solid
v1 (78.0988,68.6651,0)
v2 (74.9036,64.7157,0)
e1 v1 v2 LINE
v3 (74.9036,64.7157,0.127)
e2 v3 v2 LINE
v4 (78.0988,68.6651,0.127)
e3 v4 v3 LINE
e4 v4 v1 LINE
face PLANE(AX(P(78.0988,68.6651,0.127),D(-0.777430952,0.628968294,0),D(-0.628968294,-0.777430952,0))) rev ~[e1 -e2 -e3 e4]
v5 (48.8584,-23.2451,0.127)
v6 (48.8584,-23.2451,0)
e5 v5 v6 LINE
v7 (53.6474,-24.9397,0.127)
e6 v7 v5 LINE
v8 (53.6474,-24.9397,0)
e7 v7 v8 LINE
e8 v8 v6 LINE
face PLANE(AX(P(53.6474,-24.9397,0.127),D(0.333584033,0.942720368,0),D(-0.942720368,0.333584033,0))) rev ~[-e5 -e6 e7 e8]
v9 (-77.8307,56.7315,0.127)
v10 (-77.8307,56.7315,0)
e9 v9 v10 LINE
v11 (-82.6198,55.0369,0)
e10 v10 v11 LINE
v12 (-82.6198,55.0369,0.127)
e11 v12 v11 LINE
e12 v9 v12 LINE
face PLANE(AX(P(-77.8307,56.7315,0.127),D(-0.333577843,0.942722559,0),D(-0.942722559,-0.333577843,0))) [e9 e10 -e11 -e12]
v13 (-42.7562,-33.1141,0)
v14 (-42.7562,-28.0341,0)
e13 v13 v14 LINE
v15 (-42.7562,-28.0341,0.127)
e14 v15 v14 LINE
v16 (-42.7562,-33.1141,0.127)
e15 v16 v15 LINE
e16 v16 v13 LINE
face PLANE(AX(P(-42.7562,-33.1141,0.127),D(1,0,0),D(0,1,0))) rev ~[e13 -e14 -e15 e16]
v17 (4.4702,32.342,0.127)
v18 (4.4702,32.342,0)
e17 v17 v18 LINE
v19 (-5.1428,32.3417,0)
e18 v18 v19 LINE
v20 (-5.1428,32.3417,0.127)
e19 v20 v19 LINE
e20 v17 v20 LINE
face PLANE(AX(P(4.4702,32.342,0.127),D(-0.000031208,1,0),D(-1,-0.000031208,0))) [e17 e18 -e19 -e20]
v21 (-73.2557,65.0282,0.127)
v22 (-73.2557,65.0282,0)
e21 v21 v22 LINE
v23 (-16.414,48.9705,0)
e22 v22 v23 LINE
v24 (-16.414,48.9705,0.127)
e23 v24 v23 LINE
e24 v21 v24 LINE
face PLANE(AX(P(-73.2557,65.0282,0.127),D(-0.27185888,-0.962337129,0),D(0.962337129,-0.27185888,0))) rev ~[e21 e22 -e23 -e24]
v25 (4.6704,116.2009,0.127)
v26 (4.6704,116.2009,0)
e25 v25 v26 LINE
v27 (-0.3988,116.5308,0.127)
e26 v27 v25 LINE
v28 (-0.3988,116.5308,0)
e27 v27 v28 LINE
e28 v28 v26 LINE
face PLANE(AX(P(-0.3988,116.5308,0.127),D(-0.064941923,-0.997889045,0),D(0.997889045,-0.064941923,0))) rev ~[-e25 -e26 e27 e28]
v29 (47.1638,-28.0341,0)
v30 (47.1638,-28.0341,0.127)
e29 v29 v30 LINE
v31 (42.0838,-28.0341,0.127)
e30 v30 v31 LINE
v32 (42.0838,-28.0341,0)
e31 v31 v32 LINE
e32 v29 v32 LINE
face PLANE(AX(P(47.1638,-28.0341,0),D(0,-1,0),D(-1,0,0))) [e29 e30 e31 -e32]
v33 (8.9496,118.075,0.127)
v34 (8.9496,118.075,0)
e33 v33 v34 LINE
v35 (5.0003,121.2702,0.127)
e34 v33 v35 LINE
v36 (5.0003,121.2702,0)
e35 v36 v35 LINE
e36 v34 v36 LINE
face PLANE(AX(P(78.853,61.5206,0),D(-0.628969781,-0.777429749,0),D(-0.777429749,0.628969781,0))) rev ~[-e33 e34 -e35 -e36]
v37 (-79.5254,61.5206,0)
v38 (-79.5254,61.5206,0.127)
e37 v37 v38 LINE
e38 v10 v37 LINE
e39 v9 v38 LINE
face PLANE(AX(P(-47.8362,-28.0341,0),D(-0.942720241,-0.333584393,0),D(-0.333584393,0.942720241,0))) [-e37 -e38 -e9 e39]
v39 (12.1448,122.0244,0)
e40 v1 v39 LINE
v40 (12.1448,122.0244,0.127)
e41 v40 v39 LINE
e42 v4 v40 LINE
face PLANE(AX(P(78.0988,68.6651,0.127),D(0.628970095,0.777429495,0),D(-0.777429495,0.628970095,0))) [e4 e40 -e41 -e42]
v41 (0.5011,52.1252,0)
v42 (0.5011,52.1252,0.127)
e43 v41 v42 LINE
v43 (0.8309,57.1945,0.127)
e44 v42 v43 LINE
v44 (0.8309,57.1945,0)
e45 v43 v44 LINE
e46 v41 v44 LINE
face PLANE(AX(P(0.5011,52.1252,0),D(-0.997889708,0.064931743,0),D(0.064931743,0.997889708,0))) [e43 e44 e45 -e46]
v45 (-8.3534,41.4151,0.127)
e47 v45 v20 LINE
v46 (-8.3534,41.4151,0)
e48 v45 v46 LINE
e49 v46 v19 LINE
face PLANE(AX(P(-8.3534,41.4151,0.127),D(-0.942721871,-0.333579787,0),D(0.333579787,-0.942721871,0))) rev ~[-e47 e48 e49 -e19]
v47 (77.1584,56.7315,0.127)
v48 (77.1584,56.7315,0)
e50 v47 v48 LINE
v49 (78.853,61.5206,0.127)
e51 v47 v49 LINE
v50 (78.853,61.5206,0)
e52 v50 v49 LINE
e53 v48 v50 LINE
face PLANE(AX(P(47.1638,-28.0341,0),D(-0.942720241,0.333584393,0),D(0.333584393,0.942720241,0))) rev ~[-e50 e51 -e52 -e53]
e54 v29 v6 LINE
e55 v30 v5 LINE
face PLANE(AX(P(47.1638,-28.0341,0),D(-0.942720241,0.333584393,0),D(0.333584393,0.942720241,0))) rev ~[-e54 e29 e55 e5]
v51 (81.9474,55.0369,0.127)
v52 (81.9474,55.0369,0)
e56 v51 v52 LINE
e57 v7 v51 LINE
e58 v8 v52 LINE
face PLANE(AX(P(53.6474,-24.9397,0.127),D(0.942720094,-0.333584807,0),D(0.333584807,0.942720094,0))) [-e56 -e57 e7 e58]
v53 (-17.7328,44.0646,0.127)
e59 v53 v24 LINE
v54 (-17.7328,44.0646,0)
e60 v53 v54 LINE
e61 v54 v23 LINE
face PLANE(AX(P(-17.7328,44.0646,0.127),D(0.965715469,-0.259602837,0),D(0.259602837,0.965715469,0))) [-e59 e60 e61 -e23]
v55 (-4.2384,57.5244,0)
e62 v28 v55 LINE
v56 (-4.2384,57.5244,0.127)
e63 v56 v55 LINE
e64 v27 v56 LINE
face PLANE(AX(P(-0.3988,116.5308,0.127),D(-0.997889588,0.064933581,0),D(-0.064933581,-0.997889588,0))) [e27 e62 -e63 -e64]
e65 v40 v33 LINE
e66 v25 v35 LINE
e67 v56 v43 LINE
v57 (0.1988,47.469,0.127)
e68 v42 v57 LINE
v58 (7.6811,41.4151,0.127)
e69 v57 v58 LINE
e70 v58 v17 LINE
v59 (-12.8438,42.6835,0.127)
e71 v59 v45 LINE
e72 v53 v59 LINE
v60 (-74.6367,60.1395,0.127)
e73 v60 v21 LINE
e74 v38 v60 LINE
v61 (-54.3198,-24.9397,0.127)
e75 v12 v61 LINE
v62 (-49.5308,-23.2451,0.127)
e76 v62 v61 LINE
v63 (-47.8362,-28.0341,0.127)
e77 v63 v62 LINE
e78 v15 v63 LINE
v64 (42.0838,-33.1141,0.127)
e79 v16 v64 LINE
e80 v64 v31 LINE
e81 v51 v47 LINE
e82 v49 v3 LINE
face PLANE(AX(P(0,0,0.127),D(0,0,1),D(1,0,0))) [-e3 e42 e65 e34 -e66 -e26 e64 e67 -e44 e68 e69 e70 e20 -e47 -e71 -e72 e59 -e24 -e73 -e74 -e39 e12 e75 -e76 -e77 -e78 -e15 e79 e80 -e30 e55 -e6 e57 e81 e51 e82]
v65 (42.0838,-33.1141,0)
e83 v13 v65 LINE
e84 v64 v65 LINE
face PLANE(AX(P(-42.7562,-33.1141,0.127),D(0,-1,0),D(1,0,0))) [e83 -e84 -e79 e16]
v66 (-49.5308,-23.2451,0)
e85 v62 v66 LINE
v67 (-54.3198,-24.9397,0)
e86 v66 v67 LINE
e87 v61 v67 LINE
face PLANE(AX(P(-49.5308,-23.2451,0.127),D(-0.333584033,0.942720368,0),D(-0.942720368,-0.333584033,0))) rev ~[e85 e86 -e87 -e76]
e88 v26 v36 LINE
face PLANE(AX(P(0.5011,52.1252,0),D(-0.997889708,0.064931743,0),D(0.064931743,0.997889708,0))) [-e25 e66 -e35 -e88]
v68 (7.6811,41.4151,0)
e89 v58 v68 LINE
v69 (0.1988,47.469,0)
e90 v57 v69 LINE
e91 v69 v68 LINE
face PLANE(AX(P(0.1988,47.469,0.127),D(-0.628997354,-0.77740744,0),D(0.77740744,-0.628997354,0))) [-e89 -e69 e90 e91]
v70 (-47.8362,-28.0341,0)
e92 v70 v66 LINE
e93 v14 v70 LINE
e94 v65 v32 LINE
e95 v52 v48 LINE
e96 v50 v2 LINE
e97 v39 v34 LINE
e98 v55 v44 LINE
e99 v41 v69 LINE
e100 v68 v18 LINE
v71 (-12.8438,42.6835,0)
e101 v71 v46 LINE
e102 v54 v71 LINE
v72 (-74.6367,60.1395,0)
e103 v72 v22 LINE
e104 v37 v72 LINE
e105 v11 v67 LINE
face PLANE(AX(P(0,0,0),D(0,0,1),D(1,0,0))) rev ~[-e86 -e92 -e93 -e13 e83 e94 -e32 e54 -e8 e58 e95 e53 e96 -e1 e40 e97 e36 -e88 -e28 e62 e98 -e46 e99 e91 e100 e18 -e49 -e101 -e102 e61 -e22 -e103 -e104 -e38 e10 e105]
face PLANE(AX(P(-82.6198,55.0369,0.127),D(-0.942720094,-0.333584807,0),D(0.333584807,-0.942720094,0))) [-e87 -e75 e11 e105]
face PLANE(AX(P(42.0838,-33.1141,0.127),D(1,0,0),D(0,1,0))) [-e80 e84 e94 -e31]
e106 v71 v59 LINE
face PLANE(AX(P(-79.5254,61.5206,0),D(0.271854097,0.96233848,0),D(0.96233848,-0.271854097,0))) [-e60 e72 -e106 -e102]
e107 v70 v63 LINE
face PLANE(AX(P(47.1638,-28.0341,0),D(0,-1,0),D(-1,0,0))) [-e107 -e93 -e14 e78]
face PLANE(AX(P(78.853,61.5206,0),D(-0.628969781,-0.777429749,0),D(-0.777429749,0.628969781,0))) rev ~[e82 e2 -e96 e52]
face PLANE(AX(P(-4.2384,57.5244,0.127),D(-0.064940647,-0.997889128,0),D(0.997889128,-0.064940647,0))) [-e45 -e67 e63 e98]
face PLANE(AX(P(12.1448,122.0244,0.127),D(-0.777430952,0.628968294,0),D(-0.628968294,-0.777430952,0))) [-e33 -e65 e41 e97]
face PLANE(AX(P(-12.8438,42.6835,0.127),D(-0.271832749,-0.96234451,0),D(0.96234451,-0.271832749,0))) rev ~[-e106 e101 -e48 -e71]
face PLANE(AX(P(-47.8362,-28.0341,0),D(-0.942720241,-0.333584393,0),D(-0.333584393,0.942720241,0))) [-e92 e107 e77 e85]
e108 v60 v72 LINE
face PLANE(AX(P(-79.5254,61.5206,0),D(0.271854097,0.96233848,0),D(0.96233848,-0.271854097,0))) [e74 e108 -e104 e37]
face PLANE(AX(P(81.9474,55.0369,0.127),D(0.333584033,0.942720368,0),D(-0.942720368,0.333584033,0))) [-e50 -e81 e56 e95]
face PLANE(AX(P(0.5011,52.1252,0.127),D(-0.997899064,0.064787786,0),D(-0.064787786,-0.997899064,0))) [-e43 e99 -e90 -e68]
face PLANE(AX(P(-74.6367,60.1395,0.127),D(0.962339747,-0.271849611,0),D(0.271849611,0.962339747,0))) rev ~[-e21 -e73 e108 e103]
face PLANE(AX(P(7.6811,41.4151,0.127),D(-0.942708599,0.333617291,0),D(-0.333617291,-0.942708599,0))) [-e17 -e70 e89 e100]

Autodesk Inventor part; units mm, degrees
ref_plane "YZ Plane" through (0, 0, 0) normal (1, 0, 0) x (0, 1, 0)
ref_plane "XZ Plane" through (0, 0, 0) normal (0, 1, 0) x (-1, 0, 0)
ref_plane "XY Plane" through (0, 0, 0) normal (0, 0, 1) x (1, 0, 0)
sketch "Sketch1" plane through (0, 0, 0) normal (0, 0, 1) x (1, 0, 0)
  line L0 (-7.8362, 28.532) -> (7.1638, 28.532)
  line L1 (47.1638, -28.0341) -> (-47.8362, -28.0341)
  line L2 (7.1638, 28.532) -> (47.1638, -28.0341)
  line L3 (-7.8362, 28.532) -> (-47.8362, -28.0341)
  line L4 (-7.8362, 28.532) -> (-12.8438, 42.6835)
  line L5 (0.5011, 52.1252) -> (12.1714, 42.6835)
  line L6 (12.1714, 42.6835) -> (7.1638, 28.532)
  line L7 (-47.8362, -28.0341) -> (-79.5254, 61.5206)
  line L8 (-79.5254, 61.5206) -> (-12.8438, 42.6835)
  line L9 (47.1638, -28.0341) -> (78.853, 61.5206)
  line L10 (78.853, 61.5206) -> (12.1714, 42.6835)
  line L11 (78.853, 61.5206) -> (5.0003, 121.2702)
  line L12 (0.5011, 52.1252) -> (5.0003, 121.2702)
  point P0 (0, 0)
  point P1 (-0.3362, 28.532)
  point P2 (-0.3362, -28.0341)
  dimension "d0" = 69.28
  dimension "d1" = 95
  dimension "d2" = 15
  dimension "d3" = 56.566
  dimension "d4" = 69.28
  dimension "d16" = 15.0114
  dimension "d17" = 15.0114
  dimension "d18" = 15.0114
  dimension "d19" = 94.996
  dimension "d20" = 69.2912
  dimension "d21" = 94.996
  dimension "d22" = 69.2912
  dimension "d23" = 94.996
  dimension "d24" = 69.2912
extrude "Extrusion2" add sketch "Sketch1" along normal blind 0.127
sketch "Sketch2" plane through (0, 0, 0.127) normal (0, 0, 1) x (1, 0, 0)
  line L0 (47.1638, -28.0341) -> (78.853, 61.5206) projected
  line L1 (53.6474, -24.9397) -> (81.9474, 55.0369)
  line L2 (78.0988, 68.6651) -> (12.1448, 122.0244)
  line L3 (5.0003, 121.2702) -> (0.5011, 52.1252) projected
  line L4 (-0.3988, 116.5308) -> (-4.2384, 57.5244)
  line L5 (-79.5254, 61.5206) -> (-47.8362, -28.0341) projected
  line L6 (-82.6198, 55.0369) -> (-54.3198, -24.9397)
  line L7 (-42.7562, -33.1141) -> (42.0838, -33.1141)
  line L8 (-7.8362, 28.532) -> (-12.8438, 42.6835) projected
  line L9 (-12.8438, 42.6835) -> (-79.5254, 61.5206) projected
  line L10 (78.853, 61.5206) -> (5.0003, 121.2702) projected
  line L11 (-4.2384, 57.5244) -> (0.8309, 57.1945)
  line L12 (-0.3988, 116.5308) -> (4.6704, 116.2009)
  line L13 (12.1448, 122.0244) -> (8.9496, 118.075)
  line L14 (78.0988, 68.6651) -> (74.9036, 64.7157)
  line L15 (78.853, 61.5206) -> (5.0003, 121.2702) projected
  line L16 (81.9474, 55.0369) -> (77.1584, 56.7315)
  line L17 (53.6474, -24.9397) -> (48.8584, -23.2451)
  line L18 (42.0838, -33.1141) -> (42.0838, -28.0341)
  line L19 (-47.8362, -28.0341) -> (47.1638, -28.0341) projected
  line L20 (-42.7562, -33.1141) -> (-42.7562, -28.0341)
  line L21 (-49.5308, -23.2451) -> (-54.3198, -24.9397)
  line L22 (-77.8307, 56.7315) -> (-82.6198, 55.0369)
  line L23 (-12.8438, 42.6835) -> (-79.5254, 61.5206) projected
  line L24 (-74.6367, 60.1395) -> (-73.2557, 65.0282)
  line L25 (-17.7328, 44.0646) -> (-16.414, 48.9705)
  line L26 (-73.2557, 65.0282) -> (-16.414, 48.9705)
  line L27 (-12.8438, 42.6835) -> (-8.3534, 41.4151)
  line L28 (-7.8362, 28.532) -> (-5.1428, 32.3417)
  line L29 (7.1638, 28.532) -> (-7.8362, 28.532) projected
  line L30 (-8.3534, 41.4151) -> (-5.1428, 32.3417)
  line L31 (12.1714, 42.6835) -> (7.1638, 28.532) projected
  line L32 (7.1638, 28.532) -> (4.4702, 32.342)
  line L33 (12.1714, 42.6835) -> (7.6811, 41.4151)
  line L34 (0.5011, 52.1252) -> (0.1988, 47.469)
  line L35 (0.5011, 52.1252) -> (12.1714, 42.6835) projected
  line L36 (0.1988, 47.469) -> (7.6811, 41.4151)
  line L37 (7.6811, 41.4151) -> (4.4702, 32.342)
  line L38 (4.4702, 32.342) -> (-5.1428, 32.3417)
  line L39 (8.9496, 118.075) -> (74.9036, 64.7157)
  point P0 (0, 0)
  dimension "d34" = 5.08
  dimension "d35" = 5.08
  dimension "d38" = 5.08
  dimension "d39" = 5.08
  dimension "d42" = 5.08
  dimension "d43" = 5.08
  dimension "d46" = 5.08
  dimension "d47" = 5.08
  dimension "d50" = 5.08
  dimension "d51" = 5.08
  dimension "d56" = 5.08
  dimension "d58" = 5.08
  dimension "d64" = 54.74
  dimension "d65" = 3.81
  dimension "d66" = 54.74
  dimension "d67" = 3.81
  dimension "d68" = 54.74
  dimension "d69" = 3.81
  dimension "d70" = 54.74
  dimension "d71" = 3.81
  dimension "d72" = 54.74
  dimension "d73" = 3.81
  dimension "d76" = 5.08
extrude "Extrusion3" add sketch "Sketch2" against normal blind 0.127 contours L0 L16 L1 L17 | L18 L7 L20 L19 | L10 L13 L2 L14 | L21 L6 L22 L5 | L3 L11 L4 L12 | L24 L26 L25 L9 | L35 L33 L36 L34 | L27 L30 L28 L8 | L31 L32 L37 L33 | L28 L38 L32 L29
sketch "Sketch3" plane through (0, 0, 0.127) normal (0, 0, 1) x (1, 0, 0)
  line L0 (8.9496, 118.075) -> (74.9036, 64.7157)
  line L1 (78.853, 61.5206) -> (7.6811, 41.4151)
  line L2 (4.6704, 116.2009) -> (0.8309, 57.1945)
  line L3 (77.1584, 56.7315) -> (48.8584, -23.2451)
  line L4 (47.1638, -28.0341) -> (4.4702, 32.342)
  line L5 (42.0838, -28.0341) -> (-42.7562, -28.0341)
  line L6 (-5.1428, 32.3417) -> (-47.8362, -28.0341)
  line L7 (-49.5308, -23.2451) -> (-77.8307, 56.7315)
  line L8 (-74.6367, 60.1395) -> (-17.7328, 44.0646)
  line L9 (-12.8438, 42.6835) -> (-7.8364, 28.5324)
  line L10 (-7.8364, 28.5324) -> (7.164, 28.5324)
  line L11 (7.164, 28.5324) -> (12.1711, 42.6835)
  line L12 (12.1711, 42.6835) -> (0.5011, 52.1252)
properties part number "Nexus 7 3D hologram frame"
